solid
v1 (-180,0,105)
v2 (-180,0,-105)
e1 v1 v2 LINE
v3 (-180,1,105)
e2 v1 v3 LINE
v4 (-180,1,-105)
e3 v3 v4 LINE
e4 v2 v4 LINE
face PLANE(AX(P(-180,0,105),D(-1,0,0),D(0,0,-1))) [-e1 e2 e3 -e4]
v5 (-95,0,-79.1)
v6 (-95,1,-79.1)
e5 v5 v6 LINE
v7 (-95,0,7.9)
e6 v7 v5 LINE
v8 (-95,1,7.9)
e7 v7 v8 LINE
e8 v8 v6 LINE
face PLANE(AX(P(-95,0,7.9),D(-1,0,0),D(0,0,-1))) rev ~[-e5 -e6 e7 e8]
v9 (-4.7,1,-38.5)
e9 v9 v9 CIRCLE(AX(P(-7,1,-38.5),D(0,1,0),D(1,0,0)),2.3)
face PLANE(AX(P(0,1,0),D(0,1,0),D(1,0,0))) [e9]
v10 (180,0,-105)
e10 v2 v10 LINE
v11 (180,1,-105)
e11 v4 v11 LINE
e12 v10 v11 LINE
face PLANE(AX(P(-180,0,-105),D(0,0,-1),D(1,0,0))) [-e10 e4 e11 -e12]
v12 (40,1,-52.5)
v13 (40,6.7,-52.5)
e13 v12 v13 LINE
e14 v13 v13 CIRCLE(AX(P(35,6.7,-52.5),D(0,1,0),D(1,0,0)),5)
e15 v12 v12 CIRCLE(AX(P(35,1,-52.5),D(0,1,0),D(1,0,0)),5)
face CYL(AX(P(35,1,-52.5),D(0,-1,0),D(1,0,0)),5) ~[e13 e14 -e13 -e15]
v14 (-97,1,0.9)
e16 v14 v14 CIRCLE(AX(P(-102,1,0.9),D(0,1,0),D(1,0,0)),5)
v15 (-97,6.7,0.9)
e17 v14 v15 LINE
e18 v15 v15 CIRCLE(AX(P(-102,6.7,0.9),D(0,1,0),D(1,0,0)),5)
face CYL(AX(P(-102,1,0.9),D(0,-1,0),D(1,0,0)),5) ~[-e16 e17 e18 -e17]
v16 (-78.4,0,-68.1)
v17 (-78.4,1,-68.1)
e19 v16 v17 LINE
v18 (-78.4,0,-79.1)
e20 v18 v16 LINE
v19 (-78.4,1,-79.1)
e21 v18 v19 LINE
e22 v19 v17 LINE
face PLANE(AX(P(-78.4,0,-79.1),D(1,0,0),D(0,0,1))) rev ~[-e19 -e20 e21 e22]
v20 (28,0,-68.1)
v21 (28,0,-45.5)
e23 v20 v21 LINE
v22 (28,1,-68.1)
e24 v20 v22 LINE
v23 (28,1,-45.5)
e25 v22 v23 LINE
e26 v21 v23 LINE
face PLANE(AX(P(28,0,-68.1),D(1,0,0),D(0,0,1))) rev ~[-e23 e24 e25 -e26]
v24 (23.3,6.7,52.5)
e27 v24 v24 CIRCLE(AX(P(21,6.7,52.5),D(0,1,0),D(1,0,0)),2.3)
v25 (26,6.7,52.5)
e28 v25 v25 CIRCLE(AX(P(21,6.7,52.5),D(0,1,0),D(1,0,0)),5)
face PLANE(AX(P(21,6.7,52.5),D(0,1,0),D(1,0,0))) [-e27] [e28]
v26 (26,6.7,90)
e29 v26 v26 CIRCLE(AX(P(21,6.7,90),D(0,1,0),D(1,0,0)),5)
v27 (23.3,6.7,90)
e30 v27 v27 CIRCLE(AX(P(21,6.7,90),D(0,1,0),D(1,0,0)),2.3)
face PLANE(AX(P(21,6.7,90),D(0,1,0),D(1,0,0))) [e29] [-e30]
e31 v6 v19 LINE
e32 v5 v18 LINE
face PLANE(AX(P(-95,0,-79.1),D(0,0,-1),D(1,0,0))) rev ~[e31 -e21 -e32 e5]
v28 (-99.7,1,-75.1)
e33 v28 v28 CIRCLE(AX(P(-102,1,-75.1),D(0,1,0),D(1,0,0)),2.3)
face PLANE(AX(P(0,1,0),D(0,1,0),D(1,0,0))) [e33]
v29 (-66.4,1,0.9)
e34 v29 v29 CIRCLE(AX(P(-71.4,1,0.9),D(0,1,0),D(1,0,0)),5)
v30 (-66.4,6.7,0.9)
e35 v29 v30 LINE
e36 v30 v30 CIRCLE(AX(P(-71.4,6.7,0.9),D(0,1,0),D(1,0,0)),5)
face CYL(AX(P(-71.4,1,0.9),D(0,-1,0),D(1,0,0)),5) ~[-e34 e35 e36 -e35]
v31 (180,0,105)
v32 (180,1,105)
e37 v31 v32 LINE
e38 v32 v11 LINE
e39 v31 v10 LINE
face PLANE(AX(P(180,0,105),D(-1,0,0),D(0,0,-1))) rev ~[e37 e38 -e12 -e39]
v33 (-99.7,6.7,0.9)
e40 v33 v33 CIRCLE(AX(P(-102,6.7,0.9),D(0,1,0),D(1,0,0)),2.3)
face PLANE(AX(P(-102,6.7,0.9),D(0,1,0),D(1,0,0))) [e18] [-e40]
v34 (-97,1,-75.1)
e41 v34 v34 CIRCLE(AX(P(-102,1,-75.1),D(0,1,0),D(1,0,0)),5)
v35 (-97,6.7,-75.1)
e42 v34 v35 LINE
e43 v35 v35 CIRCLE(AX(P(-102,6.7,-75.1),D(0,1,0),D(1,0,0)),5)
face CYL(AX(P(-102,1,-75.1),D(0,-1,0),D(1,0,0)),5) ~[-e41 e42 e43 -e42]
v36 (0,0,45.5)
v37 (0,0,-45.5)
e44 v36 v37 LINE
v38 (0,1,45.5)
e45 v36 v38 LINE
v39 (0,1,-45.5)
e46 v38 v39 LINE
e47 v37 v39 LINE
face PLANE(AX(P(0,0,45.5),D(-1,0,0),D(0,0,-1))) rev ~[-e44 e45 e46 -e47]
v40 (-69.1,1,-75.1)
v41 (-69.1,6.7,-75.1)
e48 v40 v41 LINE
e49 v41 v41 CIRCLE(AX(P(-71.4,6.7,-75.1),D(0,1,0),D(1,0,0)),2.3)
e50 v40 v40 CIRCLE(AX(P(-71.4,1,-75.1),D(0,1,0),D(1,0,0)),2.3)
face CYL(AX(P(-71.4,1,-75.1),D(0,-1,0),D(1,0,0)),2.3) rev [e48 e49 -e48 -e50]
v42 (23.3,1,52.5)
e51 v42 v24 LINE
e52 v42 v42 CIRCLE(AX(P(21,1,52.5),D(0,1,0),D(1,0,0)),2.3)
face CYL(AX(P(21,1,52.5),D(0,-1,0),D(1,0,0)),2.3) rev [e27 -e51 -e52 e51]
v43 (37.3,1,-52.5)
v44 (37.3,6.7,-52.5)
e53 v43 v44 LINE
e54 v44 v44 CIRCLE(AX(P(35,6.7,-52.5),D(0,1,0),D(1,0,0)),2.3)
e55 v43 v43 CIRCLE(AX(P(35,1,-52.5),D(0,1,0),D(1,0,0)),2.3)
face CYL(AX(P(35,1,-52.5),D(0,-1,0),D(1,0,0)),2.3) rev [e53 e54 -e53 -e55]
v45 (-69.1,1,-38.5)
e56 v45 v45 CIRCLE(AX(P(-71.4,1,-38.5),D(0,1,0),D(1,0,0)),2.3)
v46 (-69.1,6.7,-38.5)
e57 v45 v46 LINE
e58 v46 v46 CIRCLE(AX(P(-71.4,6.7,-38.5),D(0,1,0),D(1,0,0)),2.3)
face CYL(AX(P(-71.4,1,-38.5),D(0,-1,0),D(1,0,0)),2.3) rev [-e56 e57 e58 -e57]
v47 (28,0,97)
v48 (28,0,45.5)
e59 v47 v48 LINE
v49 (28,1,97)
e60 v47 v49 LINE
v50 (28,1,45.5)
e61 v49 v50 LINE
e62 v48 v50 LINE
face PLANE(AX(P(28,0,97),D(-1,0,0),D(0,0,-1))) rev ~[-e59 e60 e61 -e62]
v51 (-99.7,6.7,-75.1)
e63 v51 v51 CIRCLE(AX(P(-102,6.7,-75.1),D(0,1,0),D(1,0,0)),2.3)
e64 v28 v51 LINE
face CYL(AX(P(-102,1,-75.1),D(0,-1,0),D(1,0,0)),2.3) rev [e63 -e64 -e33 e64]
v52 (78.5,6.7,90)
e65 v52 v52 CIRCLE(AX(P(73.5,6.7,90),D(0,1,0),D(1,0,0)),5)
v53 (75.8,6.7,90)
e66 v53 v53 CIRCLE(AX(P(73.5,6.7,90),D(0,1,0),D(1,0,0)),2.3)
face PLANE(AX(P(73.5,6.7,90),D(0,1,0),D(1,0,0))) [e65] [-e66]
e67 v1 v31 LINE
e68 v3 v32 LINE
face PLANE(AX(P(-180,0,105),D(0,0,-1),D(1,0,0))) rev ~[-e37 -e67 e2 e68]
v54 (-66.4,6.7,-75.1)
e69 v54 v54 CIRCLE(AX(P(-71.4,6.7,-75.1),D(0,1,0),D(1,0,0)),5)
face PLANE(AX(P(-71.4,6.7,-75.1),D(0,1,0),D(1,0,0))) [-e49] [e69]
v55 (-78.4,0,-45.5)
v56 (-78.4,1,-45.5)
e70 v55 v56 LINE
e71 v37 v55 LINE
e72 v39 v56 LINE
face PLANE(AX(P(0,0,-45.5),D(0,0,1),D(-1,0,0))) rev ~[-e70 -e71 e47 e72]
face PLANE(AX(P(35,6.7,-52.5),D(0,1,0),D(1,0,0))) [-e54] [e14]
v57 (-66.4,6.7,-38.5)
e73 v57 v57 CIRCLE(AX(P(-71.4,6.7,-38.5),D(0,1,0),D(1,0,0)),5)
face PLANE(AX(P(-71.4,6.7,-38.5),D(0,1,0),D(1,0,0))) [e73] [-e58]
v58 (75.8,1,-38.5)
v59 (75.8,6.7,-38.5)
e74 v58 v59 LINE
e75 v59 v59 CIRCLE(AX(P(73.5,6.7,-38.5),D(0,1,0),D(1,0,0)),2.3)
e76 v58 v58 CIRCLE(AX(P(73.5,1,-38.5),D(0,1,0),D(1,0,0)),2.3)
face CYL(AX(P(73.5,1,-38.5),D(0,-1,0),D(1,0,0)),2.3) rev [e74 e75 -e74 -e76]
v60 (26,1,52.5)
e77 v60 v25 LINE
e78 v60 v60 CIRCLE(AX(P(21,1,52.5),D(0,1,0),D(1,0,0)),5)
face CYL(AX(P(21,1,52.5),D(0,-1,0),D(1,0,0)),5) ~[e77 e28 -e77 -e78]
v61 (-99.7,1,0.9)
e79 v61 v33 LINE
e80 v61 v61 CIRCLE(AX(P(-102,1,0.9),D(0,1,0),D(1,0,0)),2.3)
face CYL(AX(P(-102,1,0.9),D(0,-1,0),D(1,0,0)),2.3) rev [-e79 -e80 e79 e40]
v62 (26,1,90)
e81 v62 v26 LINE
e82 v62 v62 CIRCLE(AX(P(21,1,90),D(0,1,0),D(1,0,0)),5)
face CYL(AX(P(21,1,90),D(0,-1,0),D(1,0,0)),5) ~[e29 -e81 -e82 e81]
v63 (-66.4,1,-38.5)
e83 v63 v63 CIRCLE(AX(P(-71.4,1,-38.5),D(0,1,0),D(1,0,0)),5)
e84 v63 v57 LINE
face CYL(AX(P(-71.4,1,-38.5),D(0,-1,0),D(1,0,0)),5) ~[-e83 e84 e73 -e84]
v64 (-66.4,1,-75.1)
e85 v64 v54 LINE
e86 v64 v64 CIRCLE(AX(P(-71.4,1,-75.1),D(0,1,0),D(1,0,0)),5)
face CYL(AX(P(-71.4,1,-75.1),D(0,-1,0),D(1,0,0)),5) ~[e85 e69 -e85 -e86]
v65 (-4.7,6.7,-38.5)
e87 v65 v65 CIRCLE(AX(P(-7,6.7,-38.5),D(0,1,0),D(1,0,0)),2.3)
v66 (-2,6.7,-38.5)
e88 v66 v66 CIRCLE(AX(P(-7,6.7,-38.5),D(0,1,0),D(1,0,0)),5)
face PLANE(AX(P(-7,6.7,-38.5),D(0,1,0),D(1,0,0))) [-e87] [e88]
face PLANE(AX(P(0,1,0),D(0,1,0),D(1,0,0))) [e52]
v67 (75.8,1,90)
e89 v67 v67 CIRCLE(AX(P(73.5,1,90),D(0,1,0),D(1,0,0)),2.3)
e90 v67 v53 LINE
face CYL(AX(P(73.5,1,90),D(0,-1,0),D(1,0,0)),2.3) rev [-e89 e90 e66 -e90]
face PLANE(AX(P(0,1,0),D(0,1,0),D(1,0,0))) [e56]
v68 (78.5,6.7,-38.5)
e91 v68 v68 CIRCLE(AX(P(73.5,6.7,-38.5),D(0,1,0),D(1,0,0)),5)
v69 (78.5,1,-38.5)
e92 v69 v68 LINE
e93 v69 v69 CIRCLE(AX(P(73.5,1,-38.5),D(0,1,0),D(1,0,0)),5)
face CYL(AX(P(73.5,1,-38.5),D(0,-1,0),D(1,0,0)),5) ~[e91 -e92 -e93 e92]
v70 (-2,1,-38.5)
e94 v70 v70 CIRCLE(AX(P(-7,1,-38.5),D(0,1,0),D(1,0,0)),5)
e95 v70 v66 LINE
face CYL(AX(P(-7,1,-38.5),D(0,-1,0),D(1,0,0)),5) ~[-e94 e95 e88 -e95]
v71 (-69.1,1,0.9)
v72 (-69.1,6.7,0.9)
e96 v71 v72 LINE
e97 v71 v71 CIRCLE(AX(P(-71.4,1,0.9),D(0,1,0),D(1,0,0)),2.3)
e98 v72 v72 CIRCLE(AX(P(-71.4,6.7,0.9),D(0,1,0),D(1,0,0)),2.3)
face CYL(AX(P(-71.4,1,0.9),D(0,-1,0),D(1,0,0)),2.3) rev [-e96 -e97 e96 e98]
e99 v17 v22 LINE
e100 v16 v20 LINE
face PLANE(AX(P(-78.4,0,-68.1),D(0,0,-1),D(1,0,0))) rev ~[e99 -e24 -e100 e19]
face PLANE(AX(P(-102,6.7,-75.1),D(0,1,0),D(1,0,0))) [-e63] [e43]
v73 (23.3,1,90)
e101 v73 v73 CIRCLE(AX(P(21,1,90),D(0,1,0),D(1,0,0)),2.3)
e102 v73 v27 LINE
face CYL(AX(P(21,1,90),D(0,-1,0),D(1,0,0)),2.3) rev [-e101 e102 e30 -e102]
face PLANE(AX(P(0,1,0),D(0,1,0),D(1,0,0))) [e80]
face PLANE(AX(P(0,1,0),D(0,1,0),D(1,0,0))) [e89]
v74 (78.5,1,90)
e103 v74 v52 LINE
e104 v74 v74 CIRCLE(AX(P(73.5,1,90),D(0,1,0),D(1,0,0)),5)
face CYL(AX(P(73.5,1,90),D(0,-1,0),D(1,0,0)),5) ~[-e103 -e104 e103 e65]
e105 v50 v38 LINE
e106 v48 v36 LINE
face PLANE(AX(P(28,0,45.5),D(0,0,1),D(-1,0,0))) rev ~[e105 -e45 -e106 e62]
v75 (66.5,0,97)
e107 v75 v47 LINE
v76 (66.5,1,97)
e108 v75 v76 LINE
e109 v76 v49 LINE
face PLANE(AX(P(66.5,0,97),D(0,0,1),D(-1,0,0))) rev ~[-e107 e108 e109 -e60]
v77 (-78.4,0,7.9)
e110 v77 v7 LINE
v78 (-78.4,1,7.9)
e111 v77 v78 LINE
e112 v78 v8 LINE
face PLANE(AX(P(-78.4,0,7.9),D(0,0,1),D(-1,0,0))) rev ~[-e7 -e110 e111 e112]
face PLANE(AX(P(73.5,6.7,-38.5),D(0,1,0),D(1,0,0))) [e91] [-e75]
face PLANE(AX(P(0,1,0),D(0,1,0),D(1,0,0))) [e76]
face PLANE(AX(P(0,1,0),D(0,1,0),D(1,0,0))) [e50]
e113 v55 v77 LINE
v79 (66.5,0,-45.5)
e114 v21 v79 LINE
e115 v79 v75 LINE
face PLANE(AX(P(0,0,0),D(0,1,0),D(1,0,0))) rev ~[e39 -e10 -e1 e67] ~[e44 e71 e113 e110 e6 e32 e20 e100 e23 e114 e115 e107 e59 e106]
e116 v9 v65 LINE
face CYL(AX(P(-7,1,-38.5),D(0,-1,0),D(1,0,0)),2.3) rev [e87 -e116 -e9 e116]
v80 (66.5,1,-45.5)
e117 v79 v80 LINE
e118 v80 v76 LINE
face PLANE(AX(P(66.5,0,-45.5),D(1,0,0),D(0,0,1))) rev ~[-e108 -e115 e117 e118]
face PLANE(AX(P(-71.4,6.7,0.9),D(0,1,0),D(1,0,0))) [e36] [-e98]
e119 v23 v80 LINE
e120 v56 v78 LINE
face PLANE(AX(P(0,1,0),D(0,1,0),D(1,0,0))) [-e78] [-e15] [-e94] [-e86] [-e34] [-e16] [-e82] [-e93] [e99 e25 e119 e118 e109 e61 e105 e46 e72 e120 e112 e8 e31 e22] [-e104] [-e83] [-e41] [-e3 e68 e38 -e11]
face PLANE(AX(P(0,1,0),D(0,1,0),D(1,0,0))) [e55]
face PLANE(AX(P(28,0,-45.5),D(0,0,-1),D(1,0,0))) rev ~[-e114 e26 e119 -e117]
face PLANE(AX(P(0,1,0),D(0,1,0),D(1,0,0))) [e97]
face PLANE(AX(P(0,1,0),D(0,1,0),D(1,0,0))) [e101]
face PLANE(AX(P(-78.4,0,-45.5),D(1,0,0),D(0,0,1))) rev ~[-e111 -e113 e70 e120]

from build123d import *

# Parameters (mm, degrees)
SKETCH1_W           = 360
SKETCH1_H           = 210
BOSS_EXTRUDE1_DEPTH = 1
SKETCH2_R           = 5
SKETCH2_R_2         = 2.3
BOSS_EXTRUDE2_DEPTH = 5.7


with BuildPart() as part:
    # Sketch1 → Boss-Extrude1 (new body)
    with BuildSketch(Plane(origin=(0, 0, 0), x_dir=(1, 0, 0), z_dir=(0, 1, 0))):
        Rectangle(SKETCH1_W, SKETCH1_H)
        Polygon((28, -45.5), (0, -45.5), (0, 45.5), (-78.4, 45.5), (-78.4, -7.9), (-95, -7.9), (-95, 79.1), (-78.4, 79.1), (-78.4, 68.1), (28, 68.1), (28, 45.5), (66.5, 45.5), (66.5, -45.5), (66.5, -97), (28, -97), align=None, mode=Mode.SUBTRACT)
    extrude(amount=BOSS_EXTRUDE1_DEPTH)

    # Sketch2 → Boss-Extrude2 (add)
    with BuildSketch(Plane(origin=(0, 1, 0), x_dir=(1, 0, 0), z_dir=(0, 1, 0))):
        with Locations((-71.4, 75.1)):
            Circle(SKETCH2_R)
        with Locations((-71.4, 75.1)):
            Circle(SKETCH2_R_2, mode=Mode.SUBTRACT)
        with Locations((-71.4, 38.5)):
            Circle(SKETCH2_R)
        with Locations((-71.4, 38.5)):
            Circle(SKETCH2_R_2, mode=Mode.SUBTRACT)
        with Locations((-102, 75.1)):
            Circle(SKETCH2_R)
        with Locations((-102, 75.1)):
            Circle(SKETCH2_R_2, mode=Mode.SUBTRACT)
        with Locations((-7, 38.5)):
            Circle(SKETCH2_R)
        with Locations((-7, 38.5)):
            Circle(SKETCH2_R_2, mode=Mode.SUBTRACT)
        with Locations((35, 52.5)):
            Circle(SKETCH2_R)
        with Locations((35, 52.5)):
            Circle(SKETCH2_R_2, mode=Mode.SUBTRACT)
        with Locations((21, -52.5)):
            Circle(SKETCH2_R)
        with Locations((21, -52.5)):
            Circle(SKETCH2_R_2, mode=Mode.SUBTRACT)
        with Locations((-71.4, -0.9)):
            Circle(SKETCH2_R)
        with Locations((-71.4, -0.9)):
            Circle(SKETCH2_R_2, mode=Mode.SUBTRACT)
        with Locations((-102, -0.9)):
            Circle(SKETCH2_R)
        with Locations((-102, -0.9)):
            Circle(SKETCH2_R_2, mode=Mode.SUBTRACT)
        with Locations((73.5, 38.5)):
            Circle(SKETCH2_R)
        with Locations((73.5, 38.5)):
            Circle(SKETCH2_R_2, mode=Mode.SUBTRACT)
        with Locations((73.5, -90)):
            Circle(SKETCH2_R)
        with Locations((73.5, -90)):
            Circle(SKETCH2_R_2, mode=Mode.SUBTRACT)
        with Locations((21, -90)):
            Circle(SKETCH2_R)
        with Locations((21, -90)):
            Circle(SKETCH2_R_2, mode=Mode.SUBTRACT)
    extrude(amount=BOSS_EXTRUDE2_DEPTH)


solid = part.part
